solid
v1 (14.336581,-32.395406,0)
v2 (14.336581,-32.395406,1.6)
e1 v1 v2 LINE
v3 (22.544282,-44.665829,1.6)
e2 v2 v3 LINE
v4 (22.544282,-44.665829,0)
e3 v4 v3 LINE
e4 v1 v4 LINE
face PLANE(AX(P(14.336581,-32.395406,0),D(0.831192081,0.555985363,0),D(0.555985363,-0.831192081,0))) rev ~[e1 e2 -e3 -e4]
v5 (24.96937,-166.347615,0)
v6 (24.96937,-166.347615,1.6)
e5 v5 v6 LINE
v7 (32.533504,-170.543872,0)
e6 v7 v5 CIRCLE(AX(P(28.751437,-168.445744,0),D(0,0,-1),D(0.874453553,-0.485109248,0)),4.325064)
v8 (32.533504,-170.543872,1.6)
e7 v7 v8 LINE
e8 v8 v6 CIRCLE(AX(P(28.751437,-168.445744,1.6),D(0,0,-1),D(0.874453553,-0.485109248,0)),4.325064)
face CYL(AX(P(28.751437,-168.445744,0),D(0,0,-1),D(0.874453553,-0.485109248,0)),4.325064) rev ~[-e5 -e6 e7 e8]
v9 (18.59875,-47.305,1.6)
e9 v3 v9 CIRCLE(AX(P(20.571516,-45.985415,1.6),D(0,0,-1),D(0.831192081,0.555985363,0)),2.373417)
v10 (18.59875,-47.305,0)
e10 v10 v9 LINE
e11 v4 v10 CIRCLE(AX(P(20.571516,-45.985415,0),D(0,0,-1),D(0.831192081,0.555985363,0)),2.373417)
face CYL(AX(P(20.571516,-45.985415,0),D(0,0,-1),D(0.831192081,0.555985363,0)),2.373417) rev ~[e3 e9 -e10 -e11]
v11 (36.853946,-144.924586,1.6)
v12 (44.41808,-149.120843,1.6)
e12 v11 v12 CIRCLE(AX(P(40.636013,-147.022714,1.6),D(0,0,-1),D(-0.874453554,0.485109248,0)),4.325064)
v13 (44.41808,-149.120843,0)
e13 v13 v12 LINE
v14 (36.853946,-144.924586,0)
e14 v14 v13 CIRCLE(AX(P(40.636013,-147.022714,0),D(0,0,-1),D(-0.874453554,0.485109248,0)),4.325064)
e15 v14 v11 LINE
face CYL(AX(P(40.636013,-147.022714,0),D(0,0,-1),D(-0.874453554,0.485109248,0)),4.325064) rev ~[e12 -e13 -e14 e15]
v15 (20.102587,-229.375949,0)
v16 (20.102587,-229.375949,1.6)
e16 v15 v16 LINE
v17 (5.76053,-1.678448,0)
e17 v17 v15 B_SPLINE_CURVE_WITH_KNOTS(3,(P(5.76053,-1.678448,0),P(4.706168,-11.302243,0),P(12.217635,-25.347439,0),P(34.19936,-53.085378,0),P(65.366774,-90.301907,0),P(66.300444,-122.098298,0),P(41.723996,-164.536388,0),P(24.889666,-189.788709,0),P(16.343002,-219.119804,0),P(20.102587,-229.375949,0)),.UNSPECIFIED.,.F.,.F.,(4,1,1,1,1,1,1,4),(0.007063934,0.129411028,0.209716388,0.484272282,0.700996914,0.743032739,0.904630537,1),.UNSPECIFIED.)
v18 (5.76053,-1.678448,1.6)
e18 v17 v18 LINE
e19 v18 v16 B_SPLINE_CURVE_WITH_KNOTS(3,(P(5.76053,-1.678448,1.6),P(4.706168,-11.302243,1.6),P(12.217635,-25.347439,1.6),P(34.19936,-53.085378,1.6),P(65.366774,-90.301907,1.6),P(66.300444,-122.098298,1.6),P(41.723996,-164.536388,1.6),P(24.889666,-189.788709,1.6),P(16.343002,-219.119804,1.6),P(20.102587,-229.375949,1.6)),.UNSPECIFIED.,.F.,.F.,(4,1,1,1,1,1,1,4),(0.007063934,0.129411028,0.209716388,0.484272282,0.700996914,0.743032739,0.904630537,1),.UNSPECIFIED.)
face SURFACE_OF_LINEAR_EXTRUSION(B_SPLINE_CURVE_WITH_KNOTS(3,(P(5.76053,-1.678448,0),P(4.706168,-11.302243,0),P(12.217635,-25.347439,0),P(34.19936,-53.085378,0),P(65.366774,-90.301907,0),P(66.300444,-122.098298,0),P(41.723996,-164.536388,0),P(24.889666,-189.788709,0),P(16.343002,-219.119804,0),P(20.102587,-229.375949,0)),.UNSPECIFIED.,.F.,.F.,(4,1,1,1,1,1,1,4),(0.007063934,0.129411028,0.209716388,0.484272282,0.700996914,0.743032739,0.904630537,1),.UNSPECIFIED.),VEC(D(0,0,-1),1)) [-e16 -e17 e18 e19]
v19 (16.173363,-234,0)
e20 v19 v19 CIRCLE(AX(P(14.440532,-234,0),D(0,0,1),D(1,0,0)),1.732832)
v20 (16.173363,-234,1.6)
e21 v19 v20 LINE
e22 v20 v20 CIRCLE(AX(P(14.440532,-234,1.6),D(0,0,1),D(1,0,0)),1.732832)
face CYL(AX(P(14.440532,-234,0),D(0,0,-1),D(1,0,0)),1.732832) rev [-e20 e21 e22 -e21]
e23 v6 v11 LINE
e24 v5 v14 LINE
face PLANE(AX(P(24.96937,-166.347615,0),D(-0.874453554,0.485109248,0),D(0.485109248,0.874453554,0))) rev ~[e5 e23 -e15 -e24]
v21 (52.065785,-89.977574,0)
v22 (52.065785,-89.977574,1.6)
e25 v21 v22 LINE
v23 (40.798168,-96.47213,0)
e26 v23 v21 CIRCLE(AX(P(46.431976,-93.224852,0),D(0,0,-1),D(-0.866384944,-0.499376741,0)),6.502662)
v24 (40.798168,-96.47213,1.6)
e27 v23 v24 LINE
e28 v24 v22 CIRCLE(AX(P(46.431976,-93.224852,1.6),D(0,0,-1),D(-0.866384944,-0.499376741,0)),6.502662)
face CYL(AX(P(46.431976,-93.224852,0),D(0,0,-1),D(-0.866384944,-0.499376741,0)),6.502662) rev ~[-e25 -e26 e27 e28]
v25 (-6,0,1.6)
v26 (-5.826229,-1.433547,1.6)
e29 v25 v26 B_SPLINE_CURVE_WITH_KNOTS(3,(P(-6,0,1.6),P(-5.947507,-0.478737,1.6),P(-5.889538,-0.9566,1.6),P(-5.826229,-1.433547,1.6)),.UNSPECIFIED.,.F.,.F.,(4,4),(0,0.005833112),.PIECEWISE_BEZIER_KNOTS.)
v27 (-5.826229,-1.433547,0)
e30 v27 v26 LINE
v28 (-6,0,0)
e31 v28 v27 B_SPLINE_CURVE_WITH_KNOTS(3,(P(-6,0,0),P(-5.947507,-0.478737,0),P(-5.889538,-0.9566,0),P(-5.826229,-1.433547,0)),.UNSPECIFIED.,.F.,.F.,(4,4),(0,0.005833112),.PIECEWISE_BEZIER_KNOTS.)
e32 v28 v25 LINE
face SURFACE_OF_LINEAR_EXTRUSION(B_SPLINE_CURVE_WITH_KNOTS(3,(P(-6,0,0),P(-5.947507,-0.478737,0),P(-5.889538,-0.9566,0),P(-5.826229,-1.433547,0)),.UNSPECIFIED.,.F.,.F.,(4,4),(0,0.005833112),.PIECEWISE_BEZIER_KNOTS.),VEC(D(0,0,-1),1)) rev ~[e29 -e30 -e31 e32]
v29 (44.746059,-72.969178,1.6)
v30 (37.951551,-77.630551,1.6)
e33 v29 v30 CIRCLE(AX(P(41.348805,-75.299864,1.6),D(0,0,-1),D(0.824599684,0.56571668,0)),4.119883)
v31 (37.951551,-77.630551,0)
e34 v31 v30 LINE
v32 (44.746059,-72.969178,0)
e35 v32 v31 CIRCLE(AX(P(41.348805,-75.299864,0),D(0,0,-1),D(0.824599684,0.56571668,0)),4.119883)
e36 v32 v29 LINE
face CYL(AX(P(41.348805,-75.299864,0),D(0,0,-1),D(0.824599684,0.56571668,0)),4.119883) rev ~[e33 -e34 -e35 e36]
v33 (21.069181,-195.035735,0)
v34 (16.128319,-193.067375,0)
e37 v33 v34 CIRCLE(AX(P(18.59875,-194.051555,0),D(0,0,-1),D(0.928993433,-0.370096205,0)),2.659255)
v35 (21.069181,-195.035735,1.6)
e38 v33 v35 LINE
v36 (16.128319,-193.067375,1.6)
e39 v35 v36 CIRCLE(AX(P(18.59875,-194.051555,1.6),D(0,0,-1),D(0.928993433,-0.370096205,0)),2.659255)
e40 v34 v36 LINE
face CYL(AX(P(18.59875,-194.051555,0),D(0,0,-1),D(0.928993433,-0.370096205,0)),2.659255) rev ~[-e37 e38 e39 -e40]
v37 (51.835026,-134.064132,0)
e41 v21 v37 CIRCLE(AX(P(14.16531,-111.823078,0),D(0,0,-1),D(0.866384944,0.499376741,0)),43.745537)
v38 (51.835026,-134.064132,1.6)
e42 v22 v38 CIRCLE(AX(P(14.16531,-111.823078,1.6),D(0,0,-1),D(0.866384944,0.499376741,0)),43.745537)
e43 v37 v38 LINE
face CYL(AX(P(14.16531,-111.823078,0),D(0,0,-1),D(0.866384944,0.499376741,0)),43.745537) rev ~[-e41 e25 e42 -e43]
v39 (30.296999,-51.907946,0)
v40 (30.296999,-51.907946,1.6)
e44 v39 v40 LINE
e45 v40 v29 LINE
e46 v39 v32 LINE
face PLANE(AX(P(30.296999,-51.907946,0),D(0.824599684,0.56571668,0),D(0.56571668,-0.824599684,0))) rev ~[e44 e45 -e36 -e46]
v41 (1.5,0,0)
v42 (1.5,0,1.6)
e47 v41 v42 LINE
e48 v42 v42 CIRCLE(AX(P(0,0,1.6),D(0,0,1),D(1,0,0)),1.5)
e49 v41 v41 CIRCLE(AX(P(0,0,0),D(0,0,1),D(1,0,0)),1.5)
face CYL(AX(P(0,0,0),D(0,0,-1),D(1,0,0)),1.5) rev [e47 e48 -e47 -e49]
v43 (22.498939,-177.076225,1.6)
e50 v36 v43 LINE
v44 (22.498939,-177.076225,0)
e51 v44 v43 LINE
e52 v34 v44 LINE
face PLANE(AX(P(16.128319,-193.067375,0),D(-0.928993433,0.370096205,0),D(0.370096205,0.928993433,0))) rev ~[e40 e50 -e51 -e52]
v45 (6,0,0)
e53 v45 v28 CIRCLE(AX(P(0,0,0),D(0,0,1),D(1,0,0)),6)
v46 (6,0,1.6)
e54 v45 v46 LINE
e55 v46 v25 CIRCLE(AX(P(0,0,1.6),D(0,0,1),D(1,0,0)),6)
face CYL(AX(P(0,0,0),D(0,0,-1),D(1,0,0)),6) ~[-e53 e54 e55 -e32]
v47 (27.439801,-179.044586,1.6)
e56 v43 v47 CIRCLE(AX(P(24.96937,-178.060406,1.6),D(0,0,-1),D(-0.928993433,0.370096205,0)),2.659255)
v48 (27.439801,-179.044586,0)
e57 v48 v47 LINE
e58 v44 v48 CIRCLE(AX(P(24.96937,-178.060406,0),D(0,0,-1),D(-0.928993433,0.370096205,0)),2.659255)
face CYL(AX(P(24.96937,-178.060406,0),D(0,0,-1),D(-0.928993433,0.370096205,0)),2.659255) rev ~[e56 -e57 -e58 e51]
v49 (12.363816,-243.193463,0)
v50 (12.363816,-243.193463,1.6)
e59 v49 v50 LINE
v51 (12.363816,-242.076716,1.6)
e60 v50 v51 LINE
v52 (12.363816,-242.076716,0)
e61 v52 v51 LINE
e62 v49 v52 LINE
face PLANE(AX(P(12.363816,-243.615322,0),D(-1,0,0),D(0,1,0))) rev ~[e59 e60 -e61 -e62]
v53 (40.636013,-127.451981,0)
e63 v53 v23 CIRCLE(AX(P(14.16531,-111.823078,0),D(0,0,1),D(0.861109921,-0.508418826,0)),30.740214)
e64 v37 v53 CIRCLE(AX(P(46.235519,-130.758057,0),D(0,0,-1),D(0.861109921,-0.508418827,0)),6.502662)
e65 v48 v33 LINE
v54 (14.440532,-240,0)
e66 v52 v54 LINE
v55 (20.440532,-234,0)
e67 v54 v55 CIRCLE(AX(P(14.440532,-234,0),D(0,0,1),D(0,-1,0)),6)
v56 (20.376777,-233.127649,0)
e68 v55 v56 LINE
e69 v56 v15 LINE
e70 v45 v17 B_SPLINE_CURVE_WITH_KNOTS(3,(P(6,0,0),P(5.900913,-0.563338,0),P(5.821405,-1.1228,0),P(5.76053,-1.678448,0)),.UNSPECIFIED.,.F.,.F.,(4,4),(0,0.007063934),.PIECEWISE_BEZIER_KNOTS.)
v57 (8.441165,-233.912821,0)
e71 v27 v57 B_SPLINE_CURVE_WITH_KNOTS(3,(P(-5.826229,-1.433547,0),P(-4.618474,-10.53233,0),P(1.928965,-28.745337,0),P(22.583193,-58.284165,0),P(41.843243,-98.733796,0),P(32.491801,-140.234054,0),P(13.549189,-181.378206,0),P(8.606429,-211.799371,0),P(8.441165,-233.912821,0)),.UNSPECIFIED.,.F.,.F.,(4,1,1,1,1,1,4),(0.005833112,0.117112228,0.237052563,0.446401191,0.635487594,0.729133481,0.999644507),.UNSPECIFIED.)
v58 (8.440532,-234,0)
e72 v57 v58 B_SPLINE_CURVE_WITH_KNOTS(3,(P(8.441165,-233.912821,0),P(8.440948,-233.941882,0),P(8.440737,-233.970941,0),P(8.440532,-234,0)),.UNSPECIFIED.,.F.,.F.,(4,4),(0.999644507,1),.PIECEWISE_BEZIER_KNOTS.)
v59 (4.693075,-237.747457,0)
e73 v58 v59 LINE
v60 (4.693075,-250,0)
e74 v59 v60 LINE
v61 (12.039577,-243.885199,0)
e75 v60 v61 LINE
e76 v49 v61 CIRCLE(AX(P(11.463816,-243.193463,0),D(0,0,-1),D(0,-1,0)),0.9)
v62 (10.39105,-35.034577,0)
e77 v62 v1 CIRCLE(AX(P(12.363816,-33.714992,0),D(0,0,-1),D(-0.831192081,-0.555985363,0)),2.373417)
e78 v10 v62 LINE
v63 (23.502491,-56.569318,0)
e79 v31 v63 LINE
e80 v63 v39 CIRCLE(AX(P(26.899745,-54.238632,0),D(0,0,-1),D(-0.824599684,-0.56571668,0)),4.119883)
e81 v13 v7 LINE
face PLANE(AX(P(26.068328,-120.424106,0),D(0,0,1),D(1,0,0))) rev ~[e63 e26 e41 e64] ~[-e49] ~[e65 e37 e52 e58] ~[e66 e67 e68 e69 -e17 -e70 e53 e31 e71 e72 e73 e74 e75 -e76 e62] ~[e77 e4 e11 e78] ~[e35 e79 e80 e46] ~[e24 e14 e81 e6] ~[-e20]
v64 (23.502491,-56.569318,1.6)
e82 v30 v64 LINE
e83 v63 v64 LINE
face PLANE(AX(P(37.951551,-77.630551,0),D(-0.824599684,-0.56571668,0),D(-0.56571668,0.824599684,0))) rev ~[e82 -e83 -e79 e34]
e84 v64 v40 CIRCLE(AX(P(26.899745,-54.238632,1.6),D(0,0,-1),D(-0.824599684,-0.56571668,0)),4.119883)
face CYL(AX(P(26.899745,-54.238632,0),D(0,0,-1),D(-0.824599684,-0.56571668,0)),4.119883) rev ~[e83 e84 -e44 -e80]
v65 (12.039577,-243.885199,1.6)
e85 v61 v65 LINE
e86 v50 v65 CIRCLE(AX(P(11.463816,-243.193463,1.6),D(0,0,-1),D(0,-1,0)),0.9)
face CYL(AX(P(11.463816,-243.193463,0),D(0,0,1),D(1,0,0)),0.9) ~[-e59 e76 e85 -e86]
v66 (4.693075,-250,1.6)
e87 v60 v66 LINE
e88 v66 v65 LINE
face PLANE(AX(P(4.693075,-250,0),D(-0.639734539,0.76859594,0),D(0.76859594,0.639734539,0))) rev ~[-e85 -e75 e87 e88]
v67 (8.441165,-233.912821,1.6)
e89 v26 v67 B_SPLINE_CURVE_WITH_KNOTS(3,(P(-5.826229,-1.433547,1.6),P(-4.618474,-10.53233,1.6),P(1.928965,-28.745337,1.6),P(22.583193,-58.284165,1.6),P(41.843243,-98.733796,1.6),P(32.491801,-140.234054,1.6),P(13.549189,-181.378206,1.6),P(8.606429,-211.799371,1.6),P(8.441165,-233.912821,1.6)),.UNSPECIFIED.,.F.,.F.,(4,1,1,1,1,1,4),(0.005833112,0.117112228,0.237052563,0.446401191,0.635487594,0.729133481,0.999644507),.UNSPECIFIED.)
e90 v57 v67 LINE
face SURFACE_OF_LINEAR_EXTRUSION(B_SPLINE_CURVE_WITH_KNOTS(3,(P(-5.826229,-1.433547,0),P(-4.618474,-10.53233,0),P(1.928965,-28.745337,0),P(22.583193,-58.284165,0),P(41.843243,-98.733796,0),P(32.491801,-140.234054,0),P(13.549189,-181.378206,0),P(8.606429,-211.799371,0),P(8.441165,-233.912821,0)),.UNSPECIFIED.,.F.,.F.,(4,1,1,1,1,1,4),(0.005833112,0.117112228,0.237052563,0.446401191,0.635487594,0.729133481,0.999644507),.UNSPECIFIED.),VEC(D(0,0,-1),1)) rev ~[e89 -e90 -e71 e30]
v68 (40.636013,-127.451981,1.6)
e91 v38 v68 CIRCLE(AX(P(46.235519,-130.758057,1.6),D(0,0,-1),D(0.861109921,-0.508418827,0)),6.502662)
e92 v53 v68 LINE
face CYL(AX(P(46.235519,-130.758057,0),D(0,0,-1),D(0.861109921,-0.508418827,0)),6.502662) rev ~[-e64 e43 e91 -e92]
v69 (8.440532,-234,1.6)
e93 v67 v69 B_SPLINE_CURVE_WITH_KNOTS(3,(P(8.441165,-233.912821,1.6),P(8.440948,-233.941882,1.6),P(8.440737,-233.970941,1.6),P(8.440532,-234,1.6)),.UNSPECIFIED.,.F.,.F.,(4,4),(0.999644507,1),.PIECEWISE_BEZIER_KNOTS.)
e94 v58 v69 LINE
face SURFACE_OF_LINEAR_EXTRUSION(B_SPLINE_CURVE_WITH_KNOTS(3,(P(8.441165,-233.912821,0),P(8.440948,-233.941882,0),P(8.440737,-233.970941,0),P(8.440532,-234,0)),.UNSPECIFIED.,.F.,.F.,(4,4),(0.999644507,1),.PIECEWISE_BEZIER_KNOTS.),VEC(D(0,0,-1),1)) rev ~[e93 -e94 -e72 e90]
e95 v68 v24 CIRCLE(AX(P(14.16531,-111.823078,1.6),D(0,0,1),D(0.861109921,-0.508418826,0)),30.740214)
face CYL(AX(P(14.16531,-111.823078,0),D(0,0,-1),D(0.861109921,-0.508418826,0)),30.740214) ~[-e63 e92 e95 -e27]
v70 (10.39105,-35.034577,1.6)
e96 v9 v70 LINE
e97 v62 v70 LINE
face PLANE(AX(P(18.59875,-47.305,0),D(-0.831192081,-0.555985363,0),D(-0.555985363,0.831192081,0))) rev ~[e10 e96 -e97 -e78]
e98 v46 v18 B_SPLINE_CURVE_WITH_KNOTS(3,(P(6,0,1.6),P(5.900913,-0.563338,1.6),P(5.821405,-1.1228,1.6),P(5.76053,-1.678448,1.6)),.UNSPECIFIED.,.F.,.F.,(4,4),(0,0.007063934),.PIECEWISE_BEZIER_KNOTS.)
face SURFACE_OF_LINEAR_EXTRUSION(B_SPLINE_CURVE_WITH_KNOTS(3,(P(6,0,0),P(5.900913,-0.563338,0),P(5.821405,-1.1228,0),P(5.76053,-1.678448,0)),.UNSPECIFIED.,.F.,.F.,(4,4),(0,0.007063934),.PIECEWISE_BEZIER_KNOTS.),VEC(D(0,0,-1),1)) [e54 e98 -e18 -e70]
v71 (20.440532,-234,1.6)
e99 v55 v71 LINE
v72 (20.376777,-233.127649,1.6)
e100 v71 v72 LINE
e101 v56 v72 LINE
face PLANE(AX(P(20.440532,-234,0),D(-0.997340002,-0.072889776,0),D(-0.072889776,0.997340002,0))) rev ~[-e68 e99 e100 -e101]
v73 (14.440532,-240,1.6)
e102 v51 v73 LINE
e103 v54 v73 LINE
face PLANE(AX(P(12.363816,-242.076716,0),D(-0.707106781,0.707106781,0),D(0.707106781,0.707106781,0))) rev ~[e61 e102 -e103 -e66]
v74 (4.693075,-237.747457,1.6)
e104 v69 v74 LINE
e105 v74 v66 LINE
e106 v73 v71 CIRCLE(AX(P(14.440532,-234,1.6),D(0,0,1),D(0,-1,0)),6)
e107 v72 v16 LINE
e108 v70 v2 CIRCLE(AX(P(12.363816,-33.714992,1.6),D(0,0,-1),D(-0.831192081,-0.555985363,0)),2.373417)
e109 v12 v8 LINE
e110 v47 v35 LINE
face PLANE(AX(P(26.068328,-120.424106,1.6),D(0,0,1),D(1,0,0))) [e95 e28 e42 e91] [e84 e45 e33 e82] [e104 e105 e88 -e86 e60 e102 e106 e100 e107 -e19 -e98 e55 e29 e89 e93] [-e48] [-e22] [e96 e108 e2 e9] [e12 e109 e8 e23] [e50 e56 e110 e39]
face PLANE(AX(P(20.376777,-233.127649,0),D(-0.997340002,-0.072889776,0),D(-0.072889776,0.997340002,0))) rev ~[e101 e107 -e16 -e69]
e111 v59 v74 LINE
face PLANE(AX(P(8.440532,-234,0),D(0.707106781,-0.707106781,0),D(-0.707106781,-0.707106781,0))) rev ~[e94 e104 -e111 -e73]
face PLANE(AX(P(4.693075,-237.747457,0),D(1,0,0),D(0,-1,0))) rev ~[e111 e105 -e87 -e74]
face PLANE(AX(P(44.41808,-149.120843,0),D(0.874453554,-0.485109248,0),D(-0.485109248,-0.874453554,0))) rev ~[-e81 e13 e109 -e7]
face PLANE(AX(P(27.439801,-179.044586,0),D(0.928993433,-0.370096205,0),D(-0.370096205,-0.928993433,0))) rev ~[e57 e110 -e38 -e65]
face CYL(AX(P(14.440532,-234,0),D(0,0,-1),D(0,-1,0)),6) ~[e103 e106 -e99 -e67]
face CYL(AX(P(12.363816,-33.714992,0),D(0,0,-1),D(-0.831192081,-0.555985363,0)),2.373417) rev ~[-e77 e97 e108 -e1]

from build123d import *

# Parameters (mm, degrees)
SKETCH2_R           = 1.732831624
SKETCH2_R_2         = 1.5
BOSS_EXTRUDE1_DEPTH = 1.6
FILLET1_R           = 0.9


with BuildPart() as part:
    # Sketch2 → Boss-Extrude1 (new body)
    with BuildSketch(Plane.XY):
        with BuildLine():
            Line((12.36381558, -242.076716149), (14.440531728, -240))
            ThreePointArc((14.440531728, -240), (18.683172415, -238.242640687), (20.440531728, -234))
            Line((20.440531728, -234), (20.376776694, -233.127649323))
            Line((20.376776694, -233.127649323), (20.102586749, -229.375948963))
            add(Edge.make_bspline(
                [(5.760529685, -1.678447518), (4.706168107, -11.302243391), (12.217634734, -25.347438804), (34.199359814, -53.085377705), (65.366773578, -90.301906703), (66.300443832, -122.098297696), (41.723995788, -164.536388316), (24.889665672, -189.788708641), (16.343002308, -219.119804153), (20.102586749, -229.375948963)],
                knots=[0.007063934, 0.007063934, 0.007063934, 0.007063934, 0.129411028, 0.209716388, 0.484272282, 0.700996914, 0.743032739, 0.904630537, 1, 1, 1, 1], degree=3))
            add(Edge.make_bspline(
                [(6, 0), (5.900912673, -0.563337962), (5.821405181, -1.122800041), (5.760529685, -1.678447518)],
                knots=[0, 0, 0, 0, 0.007063934, 0.007063934, 0.007063934, 0.007063934], degree=3))
            ThreePointArc((6, 0), (0, 6), (-6, 0))
            add(Edge.make_bspline(
                [(-6, 0), (-5.947507224, -0.478736658), (-5.88953799, -0.956599626), (-5.826229006, -1.433546502)],
                knots=[0, 0, 0, 0, 0.005833112, 0.005833112, 0.005833112, 0.005833112], degree=3))
            add(Edge.make_bspline(
                [(-5.826229006, -1.433546502), (-4.618474425, -10.532330434), (1.928964748, -28.745336793), (22.583192603, -58.284164555), (41.843243219, -98.733795743), (32.49180138, -140.234054147), (13.549189316, -181.378206446), (8.606428753, -211.799370681), (8.441165108, -233.9128211)],
                knots=[0.005833112, 0.005833112, 0.005833112, 0.005833112, 0.117112228, 0.237052563, 0.446401191, 0.635487594, 0.729133481, 0.999644507, 0.999644507, 0.999644507, 0.999644507], degree=3))
            add(Edge.make_bspline(
                [(8.441165108, -233.9128211), (8.440947927, -233.941881572), (8.4407368, -233.970941207), (8.440531728, -234)],
                knots=[0.999644507, 0.999644507, 0.999644507, 0.999644507, 1, 1, 1, 1], degree=3))
            Line((8.440531728, -234), (4.69307475, -237.747456979))
            Line((4.69307475, -237.747456979), (4.69307475, -250))
            Line((4.69307475, -250), (12.36381558, -243.615321662))
            Line((12.36381558, -243.615321662), (12.36381558, -242.076716149))
        make_face()
        with Locations((14.440531728, -234)):
            Circle(SKETCH2_R, mode=Mode.SUBTRACT)
        with BuildLine():
            ThreePointArc((22.498938935, -177.076225236), (25.95355019, -175.589974713), (27.439800713, -179.044585967))
            Line((27.439800713, -179.044585967), (21.069181187, -195.035735367))
            ThreePointArc((21.069181187, -195.035735367), (17.614569933, -196.521985891), (16.128319409, -193.067374636))
            Line((16.128319409, -193.067374636), (22.498938935, -177.076225236))
        make_face(mode=Mode.SUBTRACT)
        with BuildLine():
            ThreePointArc((36.853945865, -144.924585848), (42.734141403, -143.240646978), (44.418080273, -149.120842516))
            Line((44.418080273, -149.120842516), (32.533504232, -170.543872052))
            ThreePointArc((32.533504232, -170.543872052), (26.653308694, -172.227810921), (24.969369824, -166.347615383))
            Line((24.969369824, -166.347615383), (36.853945865, -144.924585848))
        make_face(mode=Mode.SUBTRACT)
        Circle(SKETCH2_R_2, mode=Mode.SUBTRACT)
        with BuildLine():
            ThreePointArc((22.544281842, -44.665829407), (21.891101421, -47.95818053), (18.598750298, -47.305000109))
            Line((18.598750298, -47.305000109), (10.391049808, -35.034576995))
            ThreePointArc((10.391049808, -35.034576995), (11.044230229, -31.742225872), (14.336581352, -32.395406293))
            Line((14.336581352, -32.395406293), (22.544281842, -44.665829407))
        make_face(mode=Mode.SUBTRACT)
        with BuildLine():
            ThreePointArc((23.502490938, -56.569318152), (24.569058509, -50.841378017), (30.296998644, -51.907945588))
            Line((30.296998644, -51.907945588), (44.746058819, -72.969177952))
            ThreePointArc((44.746058819, -72.969177952), (43.679491248, -78.697118087), (37.951551113, -77.630550516))
            Line((37.951551113, -77.630550516), (23.502490938, -56.569318152))
        make_face(mode=Mode.SUBTRACT)
        with BuildLine():
            ThreePointArc((52.065784517, -89.977573962), (57.91024769, -112.052048287), (51.835025839, -134.064132377))
            ThreePointArc((51.835025839, -134.064132377), (42.929443894, -136.357563202), (40.636013069, -127.451981257))
            ThreePointArc((40.636013069, -127.451981257), (44.905102719, -111.983976517), (40.798168379, -96.472129839))
            ThreePointArc((40.798168379, -96.472129839), (43.18469851, -87.591043831), (52.065784517, -89.977573962))
        make_face(mode=Mode.SUBTRACT)
    extrude(amount=BOSS_EXTRUDE1_DEPTH)

    # Fillet1
    fillet1_edges = [part.edges().sort_by_distance(p)[0] for p in [
        (12.36381558, -243.615321662, 0.8),
    ]]
    fillet(fillet1_edges, radius=FILLET1_R)


solid = part.part
